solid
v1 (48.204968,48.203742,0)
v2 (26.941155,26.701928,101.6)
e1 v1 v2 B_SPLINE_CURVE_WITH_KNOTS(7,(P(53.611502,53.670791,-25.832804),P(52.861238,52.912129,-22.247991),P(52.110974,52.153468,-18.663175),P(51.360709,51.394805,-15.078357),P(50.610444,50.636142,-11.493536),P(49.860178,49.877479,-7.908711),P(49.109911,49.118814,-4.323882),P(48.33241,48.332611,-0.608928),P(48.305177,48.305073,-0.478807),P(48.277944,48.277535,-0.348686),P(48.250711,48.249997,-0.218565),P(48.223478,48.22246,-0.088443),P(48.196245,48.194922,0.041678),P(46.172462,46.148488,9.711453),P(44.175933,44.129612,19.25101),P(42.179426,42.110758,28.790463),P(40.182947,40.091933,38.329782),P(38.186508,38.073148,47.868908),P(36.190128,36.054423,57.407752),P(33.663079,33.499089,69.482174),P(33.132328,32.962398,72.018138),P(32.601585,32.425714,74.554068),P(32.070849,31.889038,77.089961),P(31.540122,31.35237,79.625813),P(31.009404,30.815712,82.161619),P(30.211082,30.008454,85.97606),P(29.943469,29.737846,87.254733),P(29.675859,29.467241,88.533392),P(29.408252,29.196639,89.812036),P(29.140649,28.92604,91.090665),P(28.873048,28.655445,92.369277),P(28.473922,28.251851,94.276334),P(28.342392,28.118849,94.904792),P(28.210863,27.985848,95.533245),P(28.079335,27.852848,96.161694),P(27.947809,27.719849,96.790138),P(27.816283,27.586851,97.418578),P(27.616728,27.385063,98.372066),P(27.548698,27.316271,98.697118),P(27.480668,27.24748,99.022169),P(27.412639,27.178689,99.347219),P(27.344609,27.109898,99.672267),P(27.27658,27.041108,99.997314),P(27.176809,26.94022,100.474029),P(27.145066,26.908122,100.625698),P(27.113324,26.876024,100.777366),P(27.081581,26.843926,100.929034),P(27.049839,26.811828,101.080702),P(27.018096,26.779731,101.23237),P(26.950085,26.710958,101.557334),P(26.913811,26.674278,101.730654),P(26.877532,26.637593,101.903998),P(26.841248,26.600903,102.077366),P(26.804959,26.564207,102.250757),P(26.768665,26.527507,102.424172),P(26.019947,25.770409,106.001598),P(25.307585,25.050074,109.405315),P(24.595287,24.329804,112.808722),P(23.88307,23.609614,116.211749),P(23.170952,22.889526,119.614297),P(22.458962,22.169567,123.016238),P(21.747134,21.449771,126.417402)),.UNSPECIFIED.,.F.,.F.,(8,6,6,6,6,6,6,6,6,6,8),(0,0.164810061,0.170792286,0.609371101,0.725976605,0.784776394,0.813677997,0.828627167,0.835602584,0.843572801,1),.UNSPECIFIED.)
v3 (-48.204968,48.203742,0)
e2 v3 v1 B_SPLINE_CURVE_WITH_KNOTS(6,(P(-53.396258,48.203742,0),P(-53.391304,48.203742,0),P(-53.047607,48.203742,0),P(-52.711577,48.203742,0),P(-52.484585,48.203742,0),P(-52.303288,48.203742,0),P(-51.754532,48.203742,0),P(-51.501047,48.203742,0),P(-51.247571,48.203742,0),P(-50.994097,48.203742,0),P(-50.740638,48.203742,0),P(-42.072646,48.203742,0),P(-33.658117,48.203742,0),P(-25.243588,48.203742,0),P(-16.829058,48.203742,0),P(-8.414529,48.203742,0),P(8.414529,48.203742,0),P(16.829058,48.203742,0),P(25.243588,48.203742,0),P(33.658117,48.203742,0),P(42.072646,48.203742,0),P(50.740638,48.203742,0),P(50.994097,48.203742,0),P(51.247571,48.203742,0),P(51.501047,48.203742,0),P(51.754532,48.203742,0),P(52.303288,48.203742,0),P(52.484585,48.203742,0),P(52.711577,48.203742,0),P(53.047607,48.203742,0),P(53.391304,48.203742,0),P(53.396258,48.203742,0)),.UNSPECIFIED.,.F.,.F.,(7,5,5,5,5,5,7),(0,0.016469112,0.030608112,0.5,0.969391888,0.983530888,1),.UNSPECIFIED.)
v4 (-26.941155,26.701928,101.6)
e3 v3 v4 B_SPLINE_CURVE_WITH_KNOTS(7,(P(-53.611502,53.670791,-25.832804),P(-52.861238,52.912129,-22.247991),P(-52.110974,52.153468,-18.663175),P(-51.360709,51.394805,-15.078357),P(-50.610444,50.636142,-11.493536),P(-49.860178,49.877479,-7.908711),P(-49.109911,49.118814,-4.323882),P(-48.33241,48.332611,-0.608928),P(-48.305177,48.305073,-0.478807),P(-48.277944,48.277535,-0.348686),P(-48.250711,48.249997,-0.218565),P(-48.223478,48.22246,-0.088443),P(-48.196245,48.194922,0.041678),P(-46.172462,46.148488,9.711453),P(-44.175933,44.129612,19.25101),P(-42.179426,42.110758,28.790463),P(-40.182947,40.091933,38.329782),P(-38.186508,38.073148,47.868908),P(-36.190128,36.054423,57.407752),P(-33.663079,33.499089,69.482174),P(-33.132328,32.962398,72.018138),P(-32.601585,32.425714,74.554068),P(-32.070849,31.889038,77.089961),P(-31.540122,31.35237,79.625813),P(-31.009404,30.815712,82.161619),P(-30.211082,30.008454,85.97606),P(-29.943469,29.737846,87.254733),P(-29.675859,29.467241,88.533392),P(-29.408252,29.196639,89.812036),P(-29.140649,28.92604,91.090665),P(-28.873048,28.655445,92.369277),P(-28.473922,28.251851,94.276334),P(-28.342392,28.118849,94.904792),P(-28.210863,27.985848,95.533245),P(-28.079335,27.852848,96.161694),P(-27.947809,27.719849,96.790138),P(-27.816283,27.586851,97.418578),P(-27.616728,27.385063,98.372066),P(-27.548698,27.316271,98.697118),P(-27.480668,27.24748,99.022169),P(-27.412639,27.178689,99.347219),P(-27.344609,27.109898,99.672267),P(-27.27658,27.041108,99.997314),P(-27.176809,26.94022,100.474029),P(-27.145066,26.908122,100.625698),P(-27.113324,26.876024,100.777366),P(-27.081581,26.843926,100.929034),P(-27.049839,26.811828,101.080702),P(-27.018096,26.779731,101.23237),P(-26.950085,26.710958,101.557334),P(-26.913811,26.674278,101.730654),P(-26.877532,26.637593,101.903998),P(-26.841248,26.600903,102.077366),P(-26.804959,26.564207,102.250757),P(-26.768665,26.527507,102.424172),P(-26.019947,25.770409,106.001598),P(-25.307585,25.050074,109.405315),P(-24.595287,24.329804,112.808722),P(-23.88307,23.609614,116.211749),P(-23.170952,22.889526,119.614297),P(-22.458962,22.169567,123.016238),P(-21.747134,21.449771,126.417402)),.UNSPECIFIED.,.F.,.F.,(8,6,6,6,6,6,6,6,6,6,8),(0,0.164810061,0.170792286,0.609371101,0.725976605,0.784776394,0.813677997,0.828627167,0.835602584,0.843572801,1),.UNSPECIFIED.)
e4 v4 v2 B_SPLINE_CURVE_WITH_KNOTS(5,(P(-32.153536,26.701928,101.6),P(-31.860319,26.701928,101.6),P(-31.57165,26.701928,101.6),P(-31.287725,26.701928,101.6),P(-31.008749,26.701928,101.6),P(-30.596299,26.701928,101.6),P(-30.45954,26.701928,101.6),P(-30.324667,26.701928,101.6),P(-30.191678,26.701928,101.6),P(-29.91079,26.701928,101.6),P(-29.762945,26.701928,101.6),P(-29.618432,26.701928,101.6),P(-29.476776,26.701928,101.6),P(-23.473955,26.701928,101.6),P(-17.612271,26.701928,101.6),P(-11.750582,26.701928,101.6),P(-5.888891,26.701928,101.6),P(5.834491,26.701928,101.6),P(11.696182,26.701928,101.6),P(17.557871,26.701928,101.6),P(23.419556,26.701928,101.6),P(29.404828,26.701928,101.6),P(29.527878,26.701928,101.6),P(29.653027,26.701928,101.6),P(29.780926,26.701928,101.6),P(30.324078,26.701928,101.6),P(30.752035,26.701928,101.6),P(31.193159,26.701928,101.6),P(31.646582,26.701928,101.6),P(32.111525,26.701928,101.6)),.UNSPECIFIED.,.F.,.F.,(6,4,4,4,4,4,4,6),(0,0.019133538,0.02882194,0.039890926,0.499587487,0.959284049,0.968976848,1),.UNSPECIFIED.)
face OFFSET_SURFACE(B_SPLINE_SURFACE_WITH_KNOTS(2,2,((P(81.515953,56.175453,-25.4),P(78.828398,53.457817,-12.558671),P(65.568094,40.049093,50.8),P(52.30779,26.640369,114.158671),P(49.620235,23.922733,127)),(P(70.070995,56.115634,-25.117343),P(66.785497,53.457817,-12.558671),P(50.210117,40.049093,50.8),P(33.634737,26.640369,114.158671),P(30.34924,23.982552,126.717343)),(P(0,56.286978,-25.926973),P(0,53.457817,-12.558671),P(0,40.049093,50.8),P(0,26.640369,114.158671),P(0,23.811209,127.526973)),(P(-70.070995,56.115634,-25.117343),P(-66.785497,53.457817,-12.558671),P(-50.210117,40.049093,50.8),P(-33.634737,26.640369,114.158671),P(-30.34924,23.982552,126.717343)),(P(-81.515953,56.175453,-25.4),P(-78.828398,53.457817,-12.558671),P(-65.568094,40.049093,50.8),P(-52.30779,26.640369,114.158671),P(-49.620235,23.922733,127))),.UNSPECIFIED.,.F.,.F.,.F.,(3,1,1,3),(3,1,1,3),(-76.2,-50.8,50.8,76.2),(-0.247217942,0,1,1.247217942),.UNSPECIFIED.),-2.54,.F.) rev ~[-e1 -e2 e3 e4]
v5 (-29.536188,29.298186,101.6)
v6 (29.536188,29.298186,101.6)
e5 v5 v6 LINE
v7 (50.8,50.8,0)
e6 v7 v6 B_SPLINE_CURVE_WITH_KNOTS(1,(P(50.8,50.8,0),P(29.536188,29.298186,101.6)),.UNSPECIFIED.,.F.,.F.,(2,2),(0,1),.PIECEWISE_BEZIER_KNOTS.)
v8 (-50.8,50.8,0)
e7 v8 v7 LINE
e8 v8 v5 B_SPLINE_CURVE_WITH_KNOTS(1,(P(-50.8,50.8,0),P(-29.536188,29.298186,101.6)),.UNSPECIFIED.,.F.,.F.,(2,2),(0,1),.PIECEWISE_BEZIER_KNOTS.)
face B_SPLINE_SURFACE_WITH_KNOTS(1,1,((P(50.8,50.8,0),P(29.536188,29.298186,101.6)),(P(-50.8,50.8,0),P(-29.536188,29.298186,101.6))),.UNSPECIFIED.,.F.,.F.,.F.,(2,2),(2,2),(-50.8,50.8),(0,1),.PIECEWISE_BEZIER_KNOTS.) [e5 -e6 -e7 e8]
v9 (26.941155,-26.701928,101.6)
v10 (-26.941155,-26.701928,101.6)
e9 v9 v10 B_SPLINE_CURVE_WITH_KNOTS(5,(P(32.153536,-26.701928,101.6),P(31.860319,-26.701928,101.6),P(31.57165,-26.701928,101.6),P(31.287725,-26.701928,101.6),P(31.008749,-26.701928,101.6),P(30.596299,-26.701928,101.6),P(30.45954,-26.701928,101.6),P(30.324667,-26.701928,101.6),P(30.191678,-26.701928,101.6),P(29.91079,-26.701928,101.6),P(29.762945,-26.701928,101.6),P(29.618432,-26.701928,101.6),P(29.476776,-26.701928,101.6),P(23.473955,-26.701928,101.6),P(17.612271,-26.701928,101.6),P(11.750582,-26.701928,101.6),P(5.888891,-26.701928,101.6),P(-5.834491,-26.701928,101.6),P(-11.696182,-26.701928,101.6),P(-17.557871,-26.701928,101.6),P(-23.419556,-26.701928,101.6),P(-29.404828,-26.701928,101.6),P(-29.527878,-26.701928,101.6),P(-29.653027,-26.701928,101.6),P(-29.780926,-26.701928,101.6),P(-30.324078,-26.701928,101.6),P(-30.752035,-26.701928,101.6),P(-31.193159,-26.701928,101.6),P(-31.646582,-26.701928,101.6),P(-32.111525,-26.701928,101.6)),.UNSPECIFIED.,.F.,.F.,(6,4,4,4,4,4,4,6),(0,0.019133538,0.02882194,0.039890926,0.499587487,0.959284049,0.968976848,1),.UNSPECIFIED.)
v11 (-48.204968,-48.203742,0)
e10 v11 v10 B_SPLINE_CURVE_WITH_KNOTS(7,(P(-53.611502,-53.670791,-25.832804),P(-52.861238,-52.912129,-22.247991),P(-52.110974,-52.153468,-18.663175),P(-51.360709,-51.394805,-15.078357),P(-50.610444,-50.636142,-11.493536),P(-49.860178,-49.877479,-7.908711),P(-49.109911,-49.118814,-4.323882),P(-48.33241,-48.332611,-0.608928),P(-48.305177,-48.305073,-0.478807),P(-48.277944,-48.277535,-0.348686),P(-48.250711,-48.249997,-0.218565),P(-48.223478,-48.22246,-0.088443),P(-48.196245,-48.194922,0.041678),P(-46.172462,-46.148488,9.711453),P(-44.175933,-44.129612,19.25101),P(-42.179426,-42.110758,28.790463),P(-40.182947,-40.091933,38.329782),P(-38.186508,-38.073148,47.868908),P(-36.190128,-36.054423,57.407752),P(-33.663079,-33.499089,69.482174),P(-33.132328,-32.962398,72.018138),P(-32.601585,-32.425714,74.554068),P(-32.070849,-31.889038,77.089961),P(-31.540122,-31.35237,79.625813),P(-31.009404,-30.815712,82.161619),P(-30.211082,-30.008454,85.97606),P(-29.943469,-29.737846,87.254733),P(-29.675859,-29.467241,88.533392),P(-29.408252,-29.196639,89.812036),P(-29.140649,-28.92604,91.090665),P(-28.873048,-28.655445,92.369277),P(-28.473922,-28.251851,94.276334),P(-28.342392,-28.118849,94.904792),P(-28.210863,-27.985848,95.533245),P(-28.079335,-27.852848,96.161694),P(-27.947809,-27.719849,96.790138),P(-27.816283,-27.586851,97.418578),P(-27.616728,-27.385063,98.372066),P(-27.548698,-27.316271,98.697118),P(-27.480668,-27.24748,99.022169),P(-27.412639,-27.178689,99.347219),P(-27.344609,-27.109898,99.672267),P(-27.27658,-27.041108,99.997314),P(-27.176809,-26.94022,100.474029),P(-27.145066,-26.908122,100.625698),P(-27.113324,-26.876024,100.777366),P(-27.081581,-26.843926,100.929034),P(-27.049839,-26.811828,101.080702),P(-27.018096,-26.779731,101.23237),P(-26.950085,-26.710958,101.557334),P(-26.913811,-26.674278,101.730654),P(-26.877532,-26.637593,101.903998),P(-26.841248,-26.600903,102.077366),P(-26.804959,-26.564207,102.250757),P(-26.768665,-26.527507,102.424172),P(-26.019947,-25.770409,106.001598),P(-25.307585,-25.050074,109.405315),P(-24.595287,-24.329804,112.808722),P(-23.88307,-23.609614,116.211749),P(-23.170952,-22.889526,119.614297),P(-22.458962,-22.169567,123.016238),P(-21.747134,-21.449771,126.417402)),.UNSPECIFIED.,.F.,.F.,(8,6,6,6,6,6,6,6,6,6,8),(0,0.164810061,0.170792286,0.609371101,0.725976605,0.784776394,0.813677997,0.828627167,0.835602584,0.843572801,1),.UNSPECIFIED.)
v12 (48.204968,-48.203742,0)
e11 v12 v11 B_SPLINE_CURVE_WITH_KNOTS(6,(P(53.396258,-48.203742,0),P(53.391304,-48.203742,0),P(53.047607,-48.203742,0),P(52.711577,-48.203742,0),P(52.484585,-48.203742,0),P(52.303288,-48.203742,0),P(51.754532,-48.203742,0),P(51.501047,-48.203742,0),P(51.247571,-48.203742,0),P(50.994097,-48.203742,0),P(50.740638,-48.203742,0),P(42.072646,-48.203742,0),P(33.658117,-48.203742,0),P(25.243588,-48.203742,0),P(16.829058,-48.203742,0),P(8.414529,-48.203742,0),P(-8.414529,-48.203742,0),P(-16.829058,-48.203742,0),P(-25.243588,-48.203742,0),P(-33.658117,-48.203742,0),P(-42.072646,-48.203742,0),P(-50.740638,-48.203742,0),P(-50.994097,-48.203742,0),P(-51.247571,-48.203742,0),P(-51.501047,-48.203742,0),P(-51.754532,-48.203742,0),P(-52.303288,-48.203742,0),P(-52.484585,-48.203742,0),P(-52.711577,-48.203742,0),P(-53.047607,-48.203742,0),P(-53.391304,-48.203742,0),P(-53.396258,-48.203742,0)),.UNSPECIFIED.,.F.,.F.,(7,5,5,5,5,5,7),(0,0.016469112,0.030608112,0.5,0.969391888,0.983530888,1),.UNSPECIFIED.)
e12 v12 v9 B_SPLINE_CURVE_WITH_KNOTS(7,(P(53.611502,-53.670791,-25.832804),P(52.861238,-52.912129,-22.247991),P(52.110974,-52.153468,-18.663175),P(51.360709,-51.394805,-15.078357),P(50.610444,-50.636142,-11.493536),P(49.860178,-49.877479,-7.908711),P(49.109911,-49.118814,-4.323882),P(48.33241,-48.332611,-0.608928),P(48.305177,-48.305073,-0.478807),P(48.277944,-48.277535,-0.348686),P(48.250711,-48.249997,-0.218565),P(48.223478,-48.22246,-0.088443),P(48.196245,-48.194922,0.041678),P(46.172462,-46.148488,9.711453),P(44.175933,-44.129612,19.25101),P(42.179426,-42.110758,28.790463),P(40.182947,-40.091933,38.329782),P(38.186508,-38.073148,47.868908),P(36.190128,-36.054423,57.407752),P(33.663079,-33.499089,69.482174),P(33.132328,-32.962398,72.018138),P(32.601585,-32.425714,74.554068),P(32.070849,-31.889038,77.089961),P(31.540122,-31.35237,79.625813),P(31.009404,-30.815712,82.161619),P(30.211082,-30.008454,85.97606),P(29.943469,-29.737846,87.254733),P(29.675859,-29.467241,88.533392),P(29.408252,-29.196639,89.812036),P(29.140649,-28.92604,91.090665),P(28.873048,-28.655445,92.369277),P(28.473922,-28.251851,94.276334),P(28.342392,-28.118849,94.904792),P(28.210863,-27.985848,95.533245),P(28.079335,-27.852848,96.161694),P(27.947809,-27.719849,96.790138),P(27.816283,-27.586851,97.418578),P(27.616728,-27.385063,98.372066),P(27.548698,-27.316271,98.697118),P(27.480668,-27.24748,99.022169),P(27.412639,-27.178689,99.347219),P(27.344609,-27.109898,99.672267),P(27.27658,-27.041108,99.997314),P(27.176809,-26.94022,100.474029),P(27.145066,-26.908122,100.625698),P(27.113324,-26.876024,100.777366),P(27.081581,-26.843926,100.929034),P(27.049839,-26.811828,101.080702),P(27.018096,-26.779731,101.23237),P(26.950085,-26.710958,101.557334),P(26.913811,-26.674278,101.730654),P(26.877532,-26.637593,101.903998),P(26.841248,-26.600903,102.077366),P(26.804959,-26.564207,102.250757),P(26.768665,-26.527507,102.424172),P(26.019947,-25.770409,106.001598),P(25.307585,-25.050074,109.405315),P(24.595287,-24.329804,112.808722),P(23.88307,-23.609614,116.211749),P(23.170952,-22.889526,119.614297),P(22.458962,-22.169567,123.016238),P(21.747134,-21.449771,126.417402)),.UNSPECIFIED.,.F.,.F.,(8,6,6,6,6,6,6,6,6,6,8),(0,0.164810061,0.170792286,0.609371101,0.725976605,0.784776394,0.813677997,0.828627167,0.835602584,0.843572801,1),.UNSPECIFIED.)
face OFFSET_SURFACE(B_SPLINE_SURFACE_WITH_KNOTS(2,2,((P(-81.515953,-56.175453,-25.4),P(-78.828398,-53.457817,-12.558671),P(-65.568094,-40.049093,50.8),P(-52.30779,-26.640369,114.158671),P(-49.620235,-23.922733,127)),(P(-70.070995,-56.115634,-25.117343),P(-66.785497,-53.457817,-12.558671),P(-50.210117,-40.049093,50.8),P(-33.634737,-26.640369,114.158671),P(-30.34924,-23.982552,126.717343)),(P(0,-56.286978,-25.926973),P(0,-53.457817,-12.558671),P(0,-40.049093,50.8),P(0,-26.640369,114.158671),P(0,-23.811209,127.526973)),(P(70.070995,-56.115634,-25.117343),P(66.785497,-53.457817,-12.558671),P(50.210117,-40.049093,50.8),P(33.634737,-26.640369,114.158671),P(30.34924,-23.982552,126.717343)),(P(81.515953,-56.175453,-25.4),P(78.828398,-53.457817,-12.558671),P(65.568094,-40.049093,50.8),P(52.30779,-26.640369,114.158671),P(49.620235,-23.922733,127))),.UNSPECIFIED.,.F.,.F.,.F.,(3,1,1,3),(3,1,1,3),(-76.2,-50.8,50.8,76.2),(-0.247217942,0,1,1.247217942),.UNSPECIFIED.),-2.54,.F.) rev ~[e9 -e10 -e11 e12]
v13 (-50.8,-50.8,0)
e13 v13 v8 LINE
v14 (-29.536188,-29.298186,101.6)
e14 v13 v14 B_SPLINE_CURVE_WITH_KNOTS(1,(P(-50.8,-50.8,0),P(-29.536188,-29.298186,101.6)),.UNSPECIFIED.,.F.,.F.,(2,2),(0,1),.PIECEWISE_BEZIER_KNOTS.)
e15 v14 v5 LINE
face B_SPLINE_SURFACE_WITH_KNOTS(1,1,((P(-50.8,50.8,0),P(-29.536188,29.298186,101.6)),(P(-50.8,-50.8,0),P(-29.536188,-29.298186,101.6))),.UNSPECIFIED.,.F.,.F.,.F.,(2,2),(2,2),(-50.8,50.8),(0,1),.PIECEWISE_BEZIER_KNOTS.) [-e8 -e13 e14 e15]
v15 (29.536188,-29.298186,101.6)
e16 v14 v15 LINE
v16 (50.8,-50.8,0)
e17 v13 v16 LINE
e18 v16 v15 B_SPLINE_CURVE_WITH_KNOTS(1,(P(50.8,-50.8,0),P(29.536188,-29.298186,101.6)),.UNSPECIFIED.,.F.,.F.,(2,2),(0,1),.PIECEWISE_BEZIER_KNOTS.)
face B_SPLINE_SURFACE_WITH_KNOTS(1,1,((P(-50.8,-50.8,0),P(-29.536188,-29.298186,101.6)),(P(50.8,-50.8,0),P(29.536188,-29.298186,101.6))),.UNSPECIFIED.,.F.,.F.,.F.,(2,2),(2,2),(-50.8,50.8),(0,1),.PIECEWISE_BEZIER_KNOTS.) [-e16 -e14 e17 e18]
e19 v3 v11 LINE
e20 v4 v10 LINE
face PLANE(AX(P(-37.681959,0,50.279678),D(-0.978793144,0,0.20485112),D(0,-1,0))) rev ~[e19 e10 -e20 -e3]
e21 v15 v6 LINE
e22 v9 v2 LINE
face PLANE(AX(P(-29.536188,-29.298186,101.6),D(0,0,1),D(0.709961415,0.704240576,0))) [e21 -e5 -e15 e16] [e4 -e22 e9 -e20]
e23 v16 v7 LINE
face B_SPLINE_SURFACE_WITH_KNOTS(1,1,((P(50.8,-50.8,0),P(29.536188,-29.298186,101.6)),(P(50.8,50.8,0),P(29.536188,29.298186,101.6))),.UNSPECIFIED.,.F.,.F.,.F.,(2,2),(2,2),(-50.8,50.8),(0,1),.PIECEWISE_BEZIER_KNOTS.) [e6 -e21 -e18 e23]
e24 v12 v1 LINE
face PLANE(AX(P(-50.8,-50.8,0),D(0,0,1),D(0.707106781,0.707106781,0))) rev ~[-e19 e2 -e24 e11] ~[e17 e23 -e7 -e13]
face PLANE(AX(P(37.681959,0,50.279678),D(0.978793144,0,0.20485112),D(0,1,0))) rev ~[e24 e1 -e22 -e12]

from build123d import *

# Parameters (mm, degrees)
F0_W = 101.6
F0_H = 101.6
F2_W = 59.0723752975
F2_H = 58.5963726044
F4_T = -2.54


with BuildPart() as f3:
    # F0 (on Top) → F3 section 0
    with BuildSketch(Plane.XY):
        Rectangle(F0_W, F0_H)
    # F2 (on offset) → F3 section 1
    with BuildSketch(Plane.XY.offset(101.6)):
        Rectangle(F2_W, F2_H)
    loft()

    # F4
    f4_openings = [f3.faces().sort_by_distance(p)[0] for p in [
        (0, 0, 0),
        (0, 0, 101.6),
    ]]
    offset(amount=F4_T, openings=f4_openings, kind=Kind.INTERSECTION)


solid = f3.part
